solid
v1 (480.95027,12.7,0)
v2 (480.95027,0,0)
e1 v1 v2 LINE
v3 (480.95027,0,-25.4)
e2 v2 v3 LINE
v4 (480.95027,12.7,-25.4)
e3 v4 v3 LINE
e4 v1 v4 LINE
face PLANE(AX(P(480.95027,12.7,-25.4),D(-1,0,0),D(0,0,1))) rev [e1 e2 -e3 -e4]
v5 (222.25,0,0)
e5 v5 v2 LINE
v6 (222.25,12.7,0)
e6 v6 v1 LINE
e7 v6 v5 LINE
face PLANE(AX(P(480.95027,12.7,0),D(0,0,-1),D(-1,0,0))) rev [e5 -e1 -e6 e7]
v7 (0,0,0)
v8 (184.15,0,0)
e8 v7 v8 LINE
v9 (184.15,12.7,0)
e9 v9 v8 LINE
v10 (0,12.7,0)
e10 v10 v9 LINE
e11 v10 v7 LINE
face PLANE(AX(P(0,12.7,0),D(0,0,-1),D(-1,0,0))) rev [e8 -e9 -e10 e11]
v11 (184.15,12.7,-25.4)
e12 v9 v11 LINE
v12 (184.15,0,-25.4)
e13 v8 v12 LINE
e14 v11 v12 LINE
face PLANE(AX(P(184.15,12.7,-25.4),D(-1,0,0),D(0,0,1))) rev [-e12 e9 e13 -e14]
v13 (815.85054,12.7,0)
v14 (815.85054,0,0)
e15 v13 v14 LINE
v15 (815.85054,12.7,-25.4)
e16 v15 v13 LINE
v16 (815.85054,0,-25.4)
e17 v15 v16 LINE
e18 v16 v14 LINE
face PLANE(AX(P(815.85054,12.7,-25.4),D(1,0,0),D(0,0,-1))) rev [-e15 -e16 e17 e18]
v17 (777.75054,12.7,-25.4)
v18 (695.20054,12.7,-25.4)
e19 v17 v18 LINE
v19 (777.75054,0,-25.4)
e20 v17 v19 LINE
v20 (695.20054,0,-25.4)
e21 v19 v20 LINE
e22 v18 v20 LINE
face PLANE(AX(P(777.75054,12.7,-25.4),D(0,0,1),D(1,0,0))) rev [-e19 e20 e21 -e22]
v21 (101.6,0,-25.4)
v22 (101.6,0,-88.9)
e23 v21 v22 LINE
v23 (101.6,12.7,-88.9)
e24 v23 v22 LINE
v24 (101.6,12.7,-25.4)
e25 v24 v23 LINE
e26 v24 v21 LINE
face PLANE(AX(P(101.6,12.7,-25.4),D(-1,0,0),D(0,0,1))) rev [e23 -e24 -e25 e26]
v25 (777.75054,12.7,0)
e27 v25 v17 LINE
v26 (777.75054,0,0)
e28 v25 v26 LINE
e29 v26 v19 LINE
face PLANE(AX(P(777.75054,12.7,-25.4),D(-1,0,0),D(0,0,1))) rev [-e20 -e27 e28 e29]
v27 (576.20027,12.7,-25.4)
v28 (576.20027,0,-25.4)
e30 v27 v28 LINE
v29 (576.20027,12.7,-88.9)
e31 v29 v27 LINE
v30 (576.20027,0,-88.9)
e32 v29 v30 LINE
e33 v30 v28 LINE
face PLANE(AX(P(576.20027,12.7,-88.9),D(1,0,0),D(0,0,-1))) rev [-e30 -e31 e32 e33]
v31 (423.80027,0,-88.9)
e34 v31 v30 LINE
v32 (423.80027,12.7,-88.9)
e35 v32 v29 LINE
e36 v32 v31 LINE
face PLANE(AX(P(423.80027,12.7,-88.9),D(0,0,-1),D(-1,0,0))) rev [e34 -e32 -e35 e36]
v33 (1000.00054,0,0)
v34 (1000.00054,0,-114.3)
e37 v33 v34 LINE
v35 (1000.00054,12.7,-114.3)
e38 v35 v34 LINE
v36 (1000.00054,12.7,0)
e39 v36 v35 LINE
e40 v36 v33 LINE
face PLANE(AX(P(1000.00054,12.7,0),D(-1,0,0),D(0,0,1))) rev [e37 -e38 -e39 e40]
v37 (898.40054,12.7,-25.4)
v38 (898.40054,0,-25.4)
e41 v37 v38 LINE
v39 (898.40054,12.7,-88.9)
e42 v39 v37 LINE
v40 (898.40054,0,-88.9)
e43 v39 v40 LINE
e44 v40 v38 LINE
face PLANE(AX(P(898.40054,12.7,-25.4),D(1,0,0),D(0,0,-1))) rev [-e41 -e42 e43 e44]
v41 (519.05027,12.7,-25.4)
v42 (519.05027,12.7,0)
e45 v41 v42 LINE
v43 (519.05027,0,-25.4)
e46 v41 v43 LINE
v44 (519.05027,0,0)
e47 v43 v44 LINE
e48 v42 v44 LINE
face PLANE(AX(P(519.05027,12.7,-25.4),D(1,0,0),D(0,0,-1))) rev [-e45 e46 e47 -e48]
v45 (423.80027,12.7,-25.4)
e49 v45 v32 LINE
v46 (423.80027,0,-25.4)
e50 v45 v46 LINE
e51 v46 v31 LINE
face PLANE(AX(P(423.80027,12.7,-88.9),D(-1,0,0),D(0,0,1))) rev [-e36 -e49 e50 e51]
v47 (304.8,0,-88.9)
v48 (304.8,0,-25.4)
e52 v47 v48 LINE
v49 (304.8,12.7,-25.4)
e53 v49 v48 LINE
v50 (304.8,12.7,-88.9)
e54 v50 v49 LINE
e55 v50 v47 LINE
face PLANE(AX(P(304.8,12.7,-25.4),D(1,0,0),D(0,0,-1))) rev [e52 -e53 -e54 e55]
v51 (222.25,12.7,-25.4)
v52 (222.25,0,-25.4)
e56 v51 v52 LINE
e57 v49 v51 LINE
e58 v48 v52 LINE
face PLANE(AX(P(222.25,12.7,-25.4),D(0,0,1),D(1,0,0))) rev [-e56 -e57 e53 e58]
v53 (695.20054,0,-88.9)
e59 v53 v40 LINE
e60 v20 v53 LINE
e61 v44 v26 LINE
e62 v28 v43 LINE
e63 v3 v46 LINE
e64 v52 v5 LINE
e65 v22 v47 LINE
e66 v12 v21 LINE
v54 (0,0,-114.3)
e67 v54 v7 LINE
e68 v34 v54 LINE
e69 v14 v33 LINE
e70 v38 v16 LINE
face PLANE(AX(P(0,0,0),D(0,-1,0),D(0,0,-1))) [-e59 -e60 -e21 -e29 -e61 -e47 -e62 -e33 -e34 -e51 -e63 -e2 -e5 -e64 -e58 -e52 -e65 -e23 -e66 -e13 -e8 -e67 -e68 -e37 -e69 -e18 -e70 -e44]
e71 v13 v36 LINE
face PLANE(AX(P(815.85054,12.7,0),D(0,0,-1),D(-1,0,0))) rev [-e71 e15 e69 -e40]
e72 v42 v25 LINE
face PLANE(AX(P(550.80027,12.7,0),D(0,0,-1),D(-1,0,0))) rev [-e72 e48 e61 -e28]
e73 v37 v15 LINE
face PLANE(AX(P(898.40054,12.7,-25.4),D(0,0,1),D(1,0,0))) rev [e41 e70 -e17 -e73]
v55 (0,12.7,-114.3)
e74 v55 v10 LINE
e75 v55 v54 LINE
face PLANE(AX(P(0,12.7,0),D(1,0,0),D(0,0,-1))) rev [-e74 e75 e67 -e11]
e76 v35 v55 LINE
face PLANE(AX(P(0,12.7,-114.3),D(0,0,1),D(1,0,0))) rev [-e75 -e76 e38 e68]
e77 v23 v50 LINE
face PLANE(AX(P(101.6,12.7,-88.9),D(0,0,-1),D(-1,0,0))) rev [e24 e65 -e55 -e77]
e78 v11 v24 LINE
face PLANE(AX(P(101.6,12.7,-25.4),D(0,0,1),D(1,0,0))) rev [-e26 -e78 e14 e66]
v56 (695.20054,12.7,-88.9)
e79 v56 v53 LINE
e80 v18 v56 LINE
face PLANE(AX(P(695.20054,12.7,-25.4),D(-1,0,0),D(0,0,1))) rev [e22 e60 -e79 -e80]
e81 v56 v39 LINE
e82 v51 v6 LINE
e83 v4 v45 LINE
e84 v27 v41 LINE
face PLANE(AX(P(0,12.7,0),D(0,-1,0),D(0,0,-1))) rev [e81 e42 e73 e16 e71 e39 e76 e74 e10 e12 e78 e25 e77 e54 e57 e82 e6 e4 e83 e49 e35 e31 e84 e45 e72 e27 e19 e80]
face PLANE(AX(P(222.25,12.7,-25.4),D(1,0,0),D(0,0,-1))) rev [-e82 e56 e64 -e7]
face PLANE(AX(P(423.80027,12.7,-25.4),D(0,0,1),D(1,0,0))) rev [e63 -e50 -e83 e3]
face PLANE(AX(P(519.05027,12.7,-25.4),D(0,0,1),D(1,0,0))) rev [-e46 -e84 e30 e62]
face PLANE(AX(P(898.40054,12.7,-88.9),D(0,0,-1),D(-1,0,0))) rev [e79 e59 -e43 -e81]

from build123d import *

# Parameters (mm, degrees)
BOSS_EXTRUDE1_DEPTH = 12.7


with BuildPart() as part:
    # Sketch1 → Boss-Extrude1 (new body)
    with BuildSketch(Plane(origin=(0, 0, 0), x_dir=(1, 0, 0), z_dir=(0, 1, 0))):
        Polygon((0, 0), (0, 114.3), (1000.00054, 114.3), (1000.00054, 0), (815.85054, 0), (815.85054, 25.4), (898.40054, 25.4), (898.40054, 88.9), (695.20054, 88.9), (695.20054, 25.4), (777.75054, 25.4), (777.75054, 0), (550.80027, 0), (519.05027, 0), (519.05027, 25.4), (576.20027, 25.4), (576.20027, 88.9), (423.80027, 88.9), (423.80027, 25.4), (480.95027, 25.4), (480.95027, 0), (449.20027, 0), (222.25, 0), (222.25, 25.4), (304.8, 25.4), (304.8, 88.9), (101.6, 88.9), (101.6, 25.4), (184.15, 25.4), (184.15, 0), align=None)
    extrude(amount=BOSS_EXTRUDE1_DEPTH)


solid = part.part
